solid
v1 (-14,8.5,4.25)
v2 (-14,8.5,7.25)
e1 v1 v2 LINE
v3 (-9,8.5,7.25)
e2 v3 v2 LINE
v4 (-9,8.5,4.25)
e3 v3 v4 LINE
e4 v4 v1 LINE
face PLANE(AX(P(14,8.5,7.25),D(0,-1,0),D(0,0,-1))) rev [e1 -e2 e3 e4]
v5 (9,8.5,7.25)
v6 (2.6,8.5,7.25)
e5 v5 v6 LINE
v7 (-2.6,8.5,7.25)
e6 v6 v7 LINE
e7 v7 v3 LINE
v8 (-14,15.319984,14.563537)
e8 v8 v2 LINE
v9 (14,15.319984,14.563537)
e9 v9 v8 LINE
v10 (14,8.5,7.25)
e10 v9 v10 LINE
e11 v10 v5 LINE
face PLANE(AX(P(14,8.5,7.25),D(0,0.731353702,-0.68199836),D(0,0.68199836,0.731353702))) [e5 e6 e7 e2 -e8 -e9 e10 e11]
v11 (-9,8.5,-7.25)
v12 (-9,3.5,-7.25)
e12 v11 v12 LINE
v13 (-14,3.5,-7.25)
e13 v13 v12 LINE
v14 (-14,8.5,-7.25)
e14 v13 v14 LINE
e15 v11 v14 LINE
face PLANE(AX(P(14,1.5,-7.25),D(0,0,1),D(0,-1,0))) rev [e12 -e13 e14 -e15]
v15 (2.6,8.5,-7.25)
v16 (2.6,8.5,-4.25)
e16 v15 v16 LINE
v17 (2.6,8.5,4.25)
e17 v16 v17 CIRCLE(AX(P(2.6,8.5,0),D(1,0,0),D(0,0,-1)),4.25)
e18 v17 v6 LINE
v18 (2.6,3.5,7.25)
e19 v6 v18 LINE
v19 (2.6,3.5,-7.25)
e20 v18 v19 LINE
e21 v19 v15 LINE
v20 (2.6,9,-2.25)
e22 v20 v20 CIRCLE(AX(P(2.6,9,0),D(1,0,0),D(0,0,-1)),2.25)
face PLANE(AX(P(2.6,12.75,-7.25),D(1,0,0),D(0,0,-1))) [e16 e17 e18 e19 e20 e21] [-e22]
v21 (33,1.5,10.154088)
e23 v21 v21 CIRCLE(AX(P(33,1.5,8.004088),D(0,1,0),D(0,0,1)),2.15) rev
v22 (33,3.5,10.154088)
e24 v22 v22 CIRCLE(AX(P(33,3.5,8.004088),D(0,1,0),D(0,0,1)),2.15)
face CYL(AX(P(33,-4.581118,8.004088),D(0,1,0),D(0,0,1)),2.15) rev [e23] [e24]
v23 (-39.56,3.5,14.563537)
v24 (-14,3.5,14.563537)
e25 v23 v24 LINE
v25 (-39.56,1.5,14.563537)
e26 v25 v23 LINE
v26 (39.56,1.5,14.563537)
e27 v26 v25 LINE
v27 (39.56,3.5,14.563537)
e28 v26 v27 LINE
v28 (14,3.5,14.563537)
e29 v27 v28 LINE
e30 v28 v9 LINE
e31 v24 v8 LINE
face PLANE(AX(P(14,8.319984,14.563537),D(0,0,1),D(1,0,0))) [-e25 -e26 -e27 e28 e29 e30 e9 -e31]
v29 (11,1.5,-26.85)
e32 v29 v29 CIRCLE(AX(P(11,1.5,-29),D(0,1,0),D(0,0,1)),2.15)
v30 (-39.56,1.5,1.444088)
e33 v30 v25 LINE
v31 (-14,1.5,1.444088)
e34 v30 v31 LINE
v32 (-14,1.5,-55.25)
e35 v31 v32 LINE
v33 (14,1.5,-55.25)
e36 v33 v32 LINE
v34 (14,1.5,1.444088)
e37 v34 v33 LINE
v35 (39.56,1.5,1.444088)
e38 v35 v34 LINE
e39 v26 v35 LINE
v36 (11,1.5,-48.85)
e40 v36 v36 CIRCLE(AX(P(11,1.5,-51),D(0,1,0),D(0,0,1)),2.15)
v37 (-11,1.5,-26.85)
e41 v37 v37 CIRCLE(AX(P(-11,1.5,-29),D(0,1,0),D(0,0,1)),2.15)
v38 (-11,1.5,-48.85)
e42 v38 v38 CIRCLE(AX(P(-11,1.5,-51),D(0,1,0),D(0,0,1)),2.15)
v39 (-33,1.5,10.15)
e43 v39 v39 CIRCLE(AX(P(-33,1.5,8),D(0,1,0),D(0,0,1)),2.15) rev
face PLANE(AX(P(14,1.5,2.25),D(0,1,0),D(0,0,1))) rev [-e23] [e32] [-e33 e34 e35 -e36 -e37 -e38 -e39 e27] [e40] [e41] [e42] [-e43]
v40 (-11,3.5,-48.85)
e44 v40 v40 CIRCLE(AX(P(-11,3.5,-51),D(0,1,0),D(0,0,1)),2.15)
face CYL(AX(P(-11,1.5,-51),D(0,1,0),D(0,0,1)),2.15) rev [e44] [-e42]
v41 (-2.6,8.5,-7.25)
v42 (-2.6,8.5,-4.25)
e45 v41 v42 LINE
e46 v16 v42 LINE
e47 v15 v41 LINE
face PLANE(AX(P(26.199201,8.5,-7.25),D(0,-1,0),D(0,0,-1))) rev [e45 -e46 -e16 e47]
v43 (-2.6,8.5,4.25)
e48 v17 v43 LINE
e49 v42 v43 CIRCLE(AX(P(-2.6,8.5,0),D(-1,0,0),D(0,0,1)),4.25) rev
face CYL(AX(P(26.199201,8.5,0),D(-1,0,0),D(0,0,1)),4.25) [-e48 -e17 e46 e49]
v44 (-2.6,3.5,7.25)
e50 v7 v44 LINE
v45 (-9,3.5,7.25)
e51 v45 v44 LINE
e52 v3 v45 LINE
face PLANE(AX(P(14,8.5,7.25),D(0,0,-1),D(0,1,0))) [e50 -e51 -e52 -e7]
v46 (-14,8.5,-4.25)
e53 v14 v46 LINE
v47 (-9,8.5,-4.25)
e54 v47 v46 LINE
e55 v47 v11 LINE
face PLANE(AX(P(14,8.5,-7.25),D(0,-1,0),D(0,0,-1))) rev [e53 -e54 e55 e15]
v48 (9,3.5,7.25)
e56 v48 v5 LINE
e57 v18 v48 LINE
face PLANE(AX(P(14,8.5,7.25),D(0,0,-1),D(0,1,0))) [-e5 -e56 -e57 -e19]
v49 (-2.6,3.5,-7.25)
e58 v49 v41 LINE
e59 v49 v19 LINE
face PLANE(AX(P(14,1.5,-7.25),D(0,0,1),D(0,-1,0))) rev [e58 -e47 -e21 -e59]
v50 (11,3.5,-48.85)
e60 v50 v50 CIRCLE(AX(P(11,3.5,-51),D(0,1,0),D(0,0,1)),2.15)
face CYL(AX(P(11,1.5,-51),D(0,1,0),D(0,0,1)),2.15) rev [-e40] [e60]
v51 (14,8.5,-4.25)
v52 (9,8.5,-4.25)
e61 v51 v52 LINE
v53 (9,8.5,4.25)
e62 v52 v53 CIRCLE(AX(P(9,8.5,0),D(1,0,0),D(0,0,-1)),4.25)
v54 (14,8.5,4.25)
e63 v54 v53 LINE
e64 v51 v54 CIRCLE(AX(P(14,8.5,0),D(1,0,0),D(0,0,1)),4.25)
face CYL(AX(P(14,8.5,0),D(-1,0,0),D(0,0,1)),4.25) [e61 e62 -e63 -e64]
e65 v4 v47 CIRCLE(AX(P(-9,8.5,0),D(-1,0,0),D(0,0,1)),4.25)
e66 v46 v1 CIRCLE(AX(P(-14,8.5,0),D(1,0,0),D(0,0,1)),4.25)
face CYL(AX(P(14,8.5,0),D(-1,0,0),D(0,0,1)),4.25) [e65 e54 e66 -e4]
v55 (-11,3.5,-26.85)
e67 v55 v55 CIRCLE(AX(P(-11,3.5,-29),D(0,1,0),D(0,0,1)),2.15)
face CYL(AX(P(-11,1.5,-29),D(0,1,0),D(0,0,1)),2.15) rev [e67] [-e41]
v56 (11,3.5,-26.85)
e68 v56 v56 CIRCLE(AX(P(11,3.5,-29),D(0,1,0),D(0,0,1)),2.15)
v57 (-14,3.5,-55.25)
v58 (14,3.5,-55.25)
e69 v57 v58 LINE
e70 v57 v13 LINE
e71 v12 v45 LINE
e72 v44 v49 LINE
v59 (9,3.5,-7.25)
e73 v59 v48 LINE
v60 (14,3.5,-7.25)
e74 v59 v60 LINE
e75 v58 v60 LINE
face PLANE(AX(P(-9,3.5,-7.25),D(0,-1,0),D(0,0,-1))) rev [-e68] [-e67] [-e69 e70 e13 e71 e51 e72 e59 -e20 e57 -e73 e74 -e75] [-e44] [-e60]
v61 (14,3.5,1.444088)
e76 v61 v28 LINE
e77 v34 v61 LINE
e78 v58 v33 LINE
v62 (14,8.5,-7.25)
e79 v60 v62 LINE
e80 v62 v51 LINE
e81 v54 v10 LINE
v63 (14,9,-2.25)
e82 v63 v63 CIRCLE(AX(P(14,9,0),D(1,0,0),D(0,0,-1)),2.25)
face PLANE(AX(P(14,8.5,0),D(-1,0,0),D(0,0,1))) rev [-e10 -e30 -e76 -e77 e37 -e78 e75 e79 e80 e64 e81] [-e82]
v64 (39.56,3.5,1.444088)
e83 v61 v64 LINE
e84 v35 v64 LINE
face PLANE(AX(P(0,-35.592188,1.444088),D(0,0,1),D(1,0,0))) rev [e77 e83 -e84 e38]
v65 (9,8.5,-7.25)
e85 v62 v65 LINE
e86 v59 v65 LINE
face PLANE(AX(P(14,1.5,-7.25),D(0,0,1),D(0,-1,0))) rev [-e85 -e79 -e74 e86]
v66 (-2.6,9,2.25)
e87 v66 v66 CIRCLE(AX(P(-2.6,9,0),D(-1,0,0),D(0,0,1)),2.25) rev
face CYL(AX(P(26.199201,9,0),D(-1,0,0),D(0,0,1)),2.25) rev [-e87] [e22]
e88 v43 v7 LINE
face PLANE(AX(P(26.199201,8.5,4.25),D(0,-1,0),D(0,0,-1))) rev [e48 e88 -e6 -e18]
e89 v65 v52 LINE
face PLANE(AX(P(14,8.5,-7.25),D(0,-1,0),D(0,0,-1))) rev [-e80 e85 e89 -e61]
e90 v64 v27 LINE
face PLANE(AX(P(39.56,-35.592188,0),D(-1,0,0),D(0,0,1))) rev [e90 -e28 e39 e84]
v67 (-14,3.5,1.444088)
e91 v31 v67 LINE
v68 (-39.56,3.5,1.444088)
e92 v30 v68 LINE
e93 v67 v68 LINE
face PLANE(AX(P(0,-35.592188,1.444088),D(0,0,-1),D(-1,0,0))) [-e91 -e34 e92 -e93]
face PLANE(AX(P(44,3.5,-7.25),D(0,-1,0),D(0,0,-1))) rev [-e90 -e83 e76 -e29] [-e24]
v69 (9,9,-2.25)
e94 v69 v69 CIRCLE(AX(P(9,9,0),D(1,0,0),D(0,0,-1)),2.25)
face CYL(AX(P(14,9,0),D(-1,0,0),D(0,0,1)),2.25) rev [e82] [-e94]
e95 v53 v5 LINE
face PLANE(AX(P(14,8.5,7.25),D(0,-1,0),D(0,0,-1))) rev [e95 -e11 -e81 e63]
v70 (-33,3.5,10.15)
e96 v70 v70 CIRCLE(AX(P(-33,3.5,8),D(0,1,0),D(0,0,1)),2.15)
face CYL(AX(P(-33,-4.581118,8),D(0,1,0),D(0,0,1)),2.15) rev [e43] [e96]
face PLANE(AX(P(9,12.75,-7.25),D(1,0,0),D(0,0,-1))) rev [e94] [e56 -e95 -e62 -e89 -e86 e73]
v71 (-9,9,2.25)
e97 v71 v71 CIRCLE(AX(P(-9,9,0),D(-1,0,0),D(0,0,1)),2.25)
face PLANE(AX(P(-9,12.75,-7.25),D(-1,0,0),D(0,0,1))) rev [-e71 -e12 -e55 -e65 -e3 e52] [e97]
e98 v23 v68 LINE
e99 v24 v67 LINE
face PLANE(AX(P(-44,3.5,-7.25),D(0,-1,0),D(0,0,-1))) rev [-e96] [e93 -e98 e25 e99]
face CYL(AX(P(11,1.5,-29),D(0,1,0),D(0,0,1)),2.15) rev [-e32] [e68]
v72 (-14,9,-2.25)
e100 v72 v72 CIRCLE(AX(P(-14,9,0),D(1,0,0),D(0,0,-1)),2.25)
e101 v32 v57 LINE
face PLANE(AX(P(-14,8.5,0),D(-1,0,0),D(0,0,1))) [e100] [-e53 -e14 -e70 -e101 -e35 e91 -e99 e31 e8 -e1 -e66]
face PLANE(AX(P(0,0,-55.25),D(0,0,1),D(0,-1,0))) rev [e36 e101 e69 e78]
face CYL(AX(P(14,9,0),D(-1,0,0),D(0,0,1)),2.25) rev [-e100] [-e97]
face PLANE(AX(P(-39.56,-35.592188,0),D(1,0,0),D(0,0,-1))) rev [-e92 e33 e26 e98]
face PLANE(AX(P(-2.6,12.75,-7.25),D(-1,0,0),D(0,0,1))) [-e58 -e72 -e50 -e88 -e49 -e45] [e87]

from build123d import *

# Parameters (mm, degrees)
SKETCH1_R                       = 2.25
BOSS_EXTRUDE1_DEPTH             = 14
SKETCH2_W                       = 18
SKETCH2_H                       = 9.25
CUT_EXTRUDE1_DEPTH              = 24.849790355
BOSS_EXTRUDE2_DEPTH             = 2.6
BOSS_EXTRUDE2_DEPTH_BACK        = 2.6
SKETCH4_R                       = 2.25
BOSS_EXTRUDE3_DEPTH             = 28
SKETCH7_W                       = 4.5
SKETCH7_H                       = 3
CUT_EXTRUDE2_DEPTH              = 36.082738034
SKETCH9_W                       = 28
SKETCH9_H                       = 2
BOSS_EXTRUDE4_DEPTH             = 48
BOSS_EXTRUDE5_REACH             = 60.209
SKETCH11_W                      = 28
SKETCH11_H                      = 7.313537016
BOSS_EXTRUDE5_DIRECTION_2_REACH = 60.209
SKETCH14_R                      = 2.15
CUT_EXTRUDE6_DEPTH              = 59.208886884
SKETCH15_W                      = 21.813537016
SKETCH15_H                      = 2
BOSS_EXTRUDE6_DEPTH             = 30
CUT_EXTRUDE7_DEPTH              = 2
SKETCH17_W                      = 21.813537016
SKETCH17_H                      = 2
BOSS_EXTRUDE7_DEPTH             = 30
SKETCH19_R                      = 2.15
CUT_EXTRUDE8_DEPTH              = 2
SKETCH20_W                      = 4.44
SKETCH20_H                      = 13.119449404
SKETCH20_W_2                    = 30
SKETCH20_H_2                    = 8.694087612
CUT_EXTRUDE9_DEPTH              = 2


with BuildPart() as part:
    # Sketch1 → Boss-Extrude1 (new, symmetric)
    with BuildSketch(Plane(origin=(0, 0, 0), x_dir=(0, 0, -1), z_dir=(1, 0, 0))):
        with BuildLine():
            Line((2.25, 1.5), (7.25, 1.5))
            Line((7.25, 1.5), (7.25, 8.5))
            Line((7.25, 8.5), (4.25, 8.5))
            ThreePointArc((4.25, 8.5), (0, 12.75), (-4.25, 8.5))
            Line((-4.25, 8.5), (-7.25, 8.5))
            Line((-7.25, 8.5), (-7.25, 1.5))
            Line((-7.25, 1.5), (-2.25, 1.5))
            Line((-2.25, 1.5), (-2.25, -1.5))
            Line((-2.25, -1.5), (2.25, -1.5))
            Line((2.25, -1.5), (2.25, 1.5))
        make_face()
        with Locations((0, 9)):
            Circle(SKETCH1_R, mode=Mode.SUBTRACT)
    extrude(amount=BOSS_EXTRUDE1_DEPTH, both=True)

    # Sketch2 → Cut-Extrude1 (cut, through all)
    with BuildSketch(Plane.XY.offset(7.25)):
        with Locations((0, 8.125)):
            Rectangle(SKETCH2_W, SKETCH2_H)
    extrude(amount=-CUT_EXTRUDE1_DEPTH, mode=Mode.SUBTRACT)

    # Sketch4 → Boss-Extrude2 (add, two sides: drawn at the far end of the back side and taken through both)
    with BuildSketch(Plane(origin=(0, 0, 0), x_dir=(0, 0, -1), z_dir=(1, 0, 0)).offset(-BOSS_EXTRUDE2_DEPTH_BACK)):
        with BuildLine():
            Line((-4.25, 8.5), (-7.25, 8.5))
            Line((-7.25, 8.5), (-7.25, 3.5))
            Line((-7.25, 3.5), (7.25, 3.5))
            Line((7.25, 3.5), (7.25, 8.5))
            Line((7.25, 8.5), (4.25, 8.5))
            ThreePointArc((4.25, 8.5), (0, 12.75), (-4.25, 8.5))
        make_face()
        with Locations(Location((0, 9, 0), (0, 0, 180))):
            Circle(SKETCH4_R, mode=Mode.SUBTRACT)
    extrude(amount=BOSS_EXTRUDE2_DEPTH + BOSS_EXTRUDE2_DEPTH_BACK)

    # Sketch6 → Boss-Extrude3 (add, through all)
    with BuildSketch(Plane.ZY.offset(14)):
        Polygon((7.25, 8.5), (14.563537016, 15.319983601), (14.563537016, 8.319983601), (7.25, 1.5), align=None)
    extrude(amount=-BOSS_EXTRUDE3_DEPTH)

    # Sketch7 → Cut-Extrude2 (cut, through all)
    with BuildSketch(Plane.ZY.offset(14)):
        Rectangle(SKETCH7_W, SKETCH7_H)
    extrude(amount=-CUT_EXTRUDE2_DEPTH, mode=Mode.SUBTRACT)

    # Sketch9 → Boss-Extrude4 (add)
    with BuildSketch(Plane(origin=(0, 0, -7.25), x_dir=(-1, 0, 0), z_dir=(0, 0, -1))):
        with Locations((0, 2.5)):
            Rectangle(SKETCH9_W, SKETCH9_H)
    extrude(amount=BOSS_EXTRUDE4_DEPTH)

    # Boss-Extrude5: up to this face of the body (flat: up to its plane)
    boss_extrude5_end = Plane(part.part.faces().sort_by_distance((0, 1.5, -24))[0])
    # Sketch11 → Boss-Extrude5 (add, up to the picked face)
    with BuildSketch(Plane(origin=(0, 3.5, 0), x_dir=(1, 0, 0), z_dir=(0, 1, 0)), mode=Mode.PRIVATE) as boss_extrude5_sk1:
        with Locations((0, -10.906768508)):
            Rectangle(SKETCH11_W, SKETCH11_H)
    boss_extrude5_tool1 = split(extrude(boss_extrude5_sk1.sketch, amount=-BOSS_EXTRUDE5_REACH, mode=Mode.PRIVATE), bisect_by=boss_extrude5_end, keep=Keep.BOTH, mode=Mode.PRIVATE)
    add(boss_extrude5_tool1.solids().sort_by(Axis((0, 3.5, 10.906769), (0, -1, 0)))[0])

    # Boss-Extrude5 direction 2: up to this face of the body (flat: up to its plane)
    boss_extrude5_direction_2_end = Plane(part.part.faces().sort_by_distance((0, 4.9099918, 10.906768508))[0])
    # Sketch11 → Boss-Extrude5 direction 2 (add, up to the picked face)
    with BuildSketch(Plane(origin=(0, 3.5, 0), x_dir=(1, 0, 0), z_dir=(0, 1, 0)), mode=Mode.PRIVATE) as boss_extrude5_direction_2_sk1:
        with Locations((0, -10.906768508)):
            Rectangle(SKETCH11_W, SKETCH11_H)
    boss_extrude5_direction_2_tool1 = split(extrude(boss_extrude5_direction_2_sk1.sketch, amount=BOSS_EXTRUDE5_DIRECTION_2_REACH, mode=Mode.PRIVATE), bisect_by=boss_extrude5_direction_2_end, keep=Keep.BOTH, mode=Mode.PRIVATE)
    add(boss_extrude5_direction_2_tool1.solids().sort_by(Axis((0, 3.5, 10.906769), (0, 1, 0)))[0])

    # Sketch14 → Cut-Extrude6 (cut, through all)
    with BuildSketch(Plane(origin=(0, 3.5, 0), x_dir=(1, 0, 0), z_dir=(0, 1, 0))):
        with Locations(Location((11, 51, 0), (0, 0, 270))):
            Circle(SKETCH14_R)
        with Locations(Location((11, 29, 0), (0, 0, 270))):
            Circle(SKETCH14_R)
        with Locations(Location((-11, 29, 0), (0, 0, 270))):
            Circle(SKETCH14_R)
        with Locations(Location((-11, 51, 0), (0, 0, 270))):
            Circle(SKETCH14_R)
    extrude(amount=-CUT_EXTRUDE6_DEPTH, mode=Mode.SUBTRACT)

    # Sketch15 → Boss-Extrude6 (add)
    with BuildSketch(Plane(origin=(14, 0, 0), x_dir=(0, 0, -1), z_dir=(1, 0, 0))):
        with Locations((-3.656768508, 2.5)):
            Rectangle(SKETCH15_W, SKETCH15_H)
    extrude(amount=BOSS_EXTRUDE6_DEPTH)

    # Sketch16 → Cut-Extrude7 (cut)
    with BuildSketch(Plane(origin=(0, 3.5, 0), x_dir=(1, 0, 0), z_dir=(0, 1, 0))):
        with BuildLine():
            ThreePointArc((33, -5.854087612), (32.430271679, -5.930947569), (31.901277584, -6.156032133))
            Line((31.901277584, -6.156032133), (33, -8.004087612))
            Line((33, -8.004087612), (33, -5.854087612))
        make_face()
        with BuildLine():
            Line((33, -8.004087612), (31.901277584, -6.156032133))
            ThreePointArc((31.901277584, -6.156032133), (31.936927376, -9.872877755), (35.15, -8.004087612))
            ThreePointArc((35.15, -8.004087612), (34.52027958, -6.483808032), (33, -5.854087612))
            Line((33, -5.854087612), (33, -8.004087612))
        make_face()
    extrude(amount=-CUT_EXTRUDE7_DEPTH, mode=Mode.SUBTRACT)

    # Sketch17 → Boss-Extrude7 (add)
    with BuildSketch(Plane.ZY.offset(14)):
        with Locations((3.656768508, 2.5)):
            Rectangle(SKETCH17_W, SKETCH17_H)
    extrude(amount=BOSS_EXTRUDE7_DEPTH)

    # Sketch19 → Cut-Extrude8 (cut)
    with BuildSketch(Plane(origin=(0, 3.5, 0), x_dir=(1, 0, 0), z_dir=(0, 1, 0))):
        with Locations(Location((-33, -8, 0), (0, 0, 270))):
            Circle(SKETCH19_R)
    extrude(amount=-CUT_EXTRUDE8_DEPTH, mode=Mode.SUBTRACT)

    # Sketch20 → Cut-Extrude9 (cut)
    with BuildSketch(Plane(origin=(0, 3.5, 0), x_dir=(1, 0, 0), z_dir=(0, 1, 0))):
        Polygon((44, 7.25), (14, 7.25), (14, -1.444087612), (39.56, -1.444087612), (44, -1.444087612), align=None)
        with Locations((41.78, -8.003812314)):
            Rectangle(SKETCH20_W, SKETCH20_H)
        with Locations((-29, 2.902956194)):
            Rectangle(SKETCH20_W_2, SKETCH20_H_2)
        with Locations((-41.78, -8.003812314)):
            Rectangle(SKETCH20_W, SKETCH20_H)
    extrude(amount=-CUT_EXTRUDE9_DEPTH, mode=Mode.SUBTRACT)


solid = part.part
